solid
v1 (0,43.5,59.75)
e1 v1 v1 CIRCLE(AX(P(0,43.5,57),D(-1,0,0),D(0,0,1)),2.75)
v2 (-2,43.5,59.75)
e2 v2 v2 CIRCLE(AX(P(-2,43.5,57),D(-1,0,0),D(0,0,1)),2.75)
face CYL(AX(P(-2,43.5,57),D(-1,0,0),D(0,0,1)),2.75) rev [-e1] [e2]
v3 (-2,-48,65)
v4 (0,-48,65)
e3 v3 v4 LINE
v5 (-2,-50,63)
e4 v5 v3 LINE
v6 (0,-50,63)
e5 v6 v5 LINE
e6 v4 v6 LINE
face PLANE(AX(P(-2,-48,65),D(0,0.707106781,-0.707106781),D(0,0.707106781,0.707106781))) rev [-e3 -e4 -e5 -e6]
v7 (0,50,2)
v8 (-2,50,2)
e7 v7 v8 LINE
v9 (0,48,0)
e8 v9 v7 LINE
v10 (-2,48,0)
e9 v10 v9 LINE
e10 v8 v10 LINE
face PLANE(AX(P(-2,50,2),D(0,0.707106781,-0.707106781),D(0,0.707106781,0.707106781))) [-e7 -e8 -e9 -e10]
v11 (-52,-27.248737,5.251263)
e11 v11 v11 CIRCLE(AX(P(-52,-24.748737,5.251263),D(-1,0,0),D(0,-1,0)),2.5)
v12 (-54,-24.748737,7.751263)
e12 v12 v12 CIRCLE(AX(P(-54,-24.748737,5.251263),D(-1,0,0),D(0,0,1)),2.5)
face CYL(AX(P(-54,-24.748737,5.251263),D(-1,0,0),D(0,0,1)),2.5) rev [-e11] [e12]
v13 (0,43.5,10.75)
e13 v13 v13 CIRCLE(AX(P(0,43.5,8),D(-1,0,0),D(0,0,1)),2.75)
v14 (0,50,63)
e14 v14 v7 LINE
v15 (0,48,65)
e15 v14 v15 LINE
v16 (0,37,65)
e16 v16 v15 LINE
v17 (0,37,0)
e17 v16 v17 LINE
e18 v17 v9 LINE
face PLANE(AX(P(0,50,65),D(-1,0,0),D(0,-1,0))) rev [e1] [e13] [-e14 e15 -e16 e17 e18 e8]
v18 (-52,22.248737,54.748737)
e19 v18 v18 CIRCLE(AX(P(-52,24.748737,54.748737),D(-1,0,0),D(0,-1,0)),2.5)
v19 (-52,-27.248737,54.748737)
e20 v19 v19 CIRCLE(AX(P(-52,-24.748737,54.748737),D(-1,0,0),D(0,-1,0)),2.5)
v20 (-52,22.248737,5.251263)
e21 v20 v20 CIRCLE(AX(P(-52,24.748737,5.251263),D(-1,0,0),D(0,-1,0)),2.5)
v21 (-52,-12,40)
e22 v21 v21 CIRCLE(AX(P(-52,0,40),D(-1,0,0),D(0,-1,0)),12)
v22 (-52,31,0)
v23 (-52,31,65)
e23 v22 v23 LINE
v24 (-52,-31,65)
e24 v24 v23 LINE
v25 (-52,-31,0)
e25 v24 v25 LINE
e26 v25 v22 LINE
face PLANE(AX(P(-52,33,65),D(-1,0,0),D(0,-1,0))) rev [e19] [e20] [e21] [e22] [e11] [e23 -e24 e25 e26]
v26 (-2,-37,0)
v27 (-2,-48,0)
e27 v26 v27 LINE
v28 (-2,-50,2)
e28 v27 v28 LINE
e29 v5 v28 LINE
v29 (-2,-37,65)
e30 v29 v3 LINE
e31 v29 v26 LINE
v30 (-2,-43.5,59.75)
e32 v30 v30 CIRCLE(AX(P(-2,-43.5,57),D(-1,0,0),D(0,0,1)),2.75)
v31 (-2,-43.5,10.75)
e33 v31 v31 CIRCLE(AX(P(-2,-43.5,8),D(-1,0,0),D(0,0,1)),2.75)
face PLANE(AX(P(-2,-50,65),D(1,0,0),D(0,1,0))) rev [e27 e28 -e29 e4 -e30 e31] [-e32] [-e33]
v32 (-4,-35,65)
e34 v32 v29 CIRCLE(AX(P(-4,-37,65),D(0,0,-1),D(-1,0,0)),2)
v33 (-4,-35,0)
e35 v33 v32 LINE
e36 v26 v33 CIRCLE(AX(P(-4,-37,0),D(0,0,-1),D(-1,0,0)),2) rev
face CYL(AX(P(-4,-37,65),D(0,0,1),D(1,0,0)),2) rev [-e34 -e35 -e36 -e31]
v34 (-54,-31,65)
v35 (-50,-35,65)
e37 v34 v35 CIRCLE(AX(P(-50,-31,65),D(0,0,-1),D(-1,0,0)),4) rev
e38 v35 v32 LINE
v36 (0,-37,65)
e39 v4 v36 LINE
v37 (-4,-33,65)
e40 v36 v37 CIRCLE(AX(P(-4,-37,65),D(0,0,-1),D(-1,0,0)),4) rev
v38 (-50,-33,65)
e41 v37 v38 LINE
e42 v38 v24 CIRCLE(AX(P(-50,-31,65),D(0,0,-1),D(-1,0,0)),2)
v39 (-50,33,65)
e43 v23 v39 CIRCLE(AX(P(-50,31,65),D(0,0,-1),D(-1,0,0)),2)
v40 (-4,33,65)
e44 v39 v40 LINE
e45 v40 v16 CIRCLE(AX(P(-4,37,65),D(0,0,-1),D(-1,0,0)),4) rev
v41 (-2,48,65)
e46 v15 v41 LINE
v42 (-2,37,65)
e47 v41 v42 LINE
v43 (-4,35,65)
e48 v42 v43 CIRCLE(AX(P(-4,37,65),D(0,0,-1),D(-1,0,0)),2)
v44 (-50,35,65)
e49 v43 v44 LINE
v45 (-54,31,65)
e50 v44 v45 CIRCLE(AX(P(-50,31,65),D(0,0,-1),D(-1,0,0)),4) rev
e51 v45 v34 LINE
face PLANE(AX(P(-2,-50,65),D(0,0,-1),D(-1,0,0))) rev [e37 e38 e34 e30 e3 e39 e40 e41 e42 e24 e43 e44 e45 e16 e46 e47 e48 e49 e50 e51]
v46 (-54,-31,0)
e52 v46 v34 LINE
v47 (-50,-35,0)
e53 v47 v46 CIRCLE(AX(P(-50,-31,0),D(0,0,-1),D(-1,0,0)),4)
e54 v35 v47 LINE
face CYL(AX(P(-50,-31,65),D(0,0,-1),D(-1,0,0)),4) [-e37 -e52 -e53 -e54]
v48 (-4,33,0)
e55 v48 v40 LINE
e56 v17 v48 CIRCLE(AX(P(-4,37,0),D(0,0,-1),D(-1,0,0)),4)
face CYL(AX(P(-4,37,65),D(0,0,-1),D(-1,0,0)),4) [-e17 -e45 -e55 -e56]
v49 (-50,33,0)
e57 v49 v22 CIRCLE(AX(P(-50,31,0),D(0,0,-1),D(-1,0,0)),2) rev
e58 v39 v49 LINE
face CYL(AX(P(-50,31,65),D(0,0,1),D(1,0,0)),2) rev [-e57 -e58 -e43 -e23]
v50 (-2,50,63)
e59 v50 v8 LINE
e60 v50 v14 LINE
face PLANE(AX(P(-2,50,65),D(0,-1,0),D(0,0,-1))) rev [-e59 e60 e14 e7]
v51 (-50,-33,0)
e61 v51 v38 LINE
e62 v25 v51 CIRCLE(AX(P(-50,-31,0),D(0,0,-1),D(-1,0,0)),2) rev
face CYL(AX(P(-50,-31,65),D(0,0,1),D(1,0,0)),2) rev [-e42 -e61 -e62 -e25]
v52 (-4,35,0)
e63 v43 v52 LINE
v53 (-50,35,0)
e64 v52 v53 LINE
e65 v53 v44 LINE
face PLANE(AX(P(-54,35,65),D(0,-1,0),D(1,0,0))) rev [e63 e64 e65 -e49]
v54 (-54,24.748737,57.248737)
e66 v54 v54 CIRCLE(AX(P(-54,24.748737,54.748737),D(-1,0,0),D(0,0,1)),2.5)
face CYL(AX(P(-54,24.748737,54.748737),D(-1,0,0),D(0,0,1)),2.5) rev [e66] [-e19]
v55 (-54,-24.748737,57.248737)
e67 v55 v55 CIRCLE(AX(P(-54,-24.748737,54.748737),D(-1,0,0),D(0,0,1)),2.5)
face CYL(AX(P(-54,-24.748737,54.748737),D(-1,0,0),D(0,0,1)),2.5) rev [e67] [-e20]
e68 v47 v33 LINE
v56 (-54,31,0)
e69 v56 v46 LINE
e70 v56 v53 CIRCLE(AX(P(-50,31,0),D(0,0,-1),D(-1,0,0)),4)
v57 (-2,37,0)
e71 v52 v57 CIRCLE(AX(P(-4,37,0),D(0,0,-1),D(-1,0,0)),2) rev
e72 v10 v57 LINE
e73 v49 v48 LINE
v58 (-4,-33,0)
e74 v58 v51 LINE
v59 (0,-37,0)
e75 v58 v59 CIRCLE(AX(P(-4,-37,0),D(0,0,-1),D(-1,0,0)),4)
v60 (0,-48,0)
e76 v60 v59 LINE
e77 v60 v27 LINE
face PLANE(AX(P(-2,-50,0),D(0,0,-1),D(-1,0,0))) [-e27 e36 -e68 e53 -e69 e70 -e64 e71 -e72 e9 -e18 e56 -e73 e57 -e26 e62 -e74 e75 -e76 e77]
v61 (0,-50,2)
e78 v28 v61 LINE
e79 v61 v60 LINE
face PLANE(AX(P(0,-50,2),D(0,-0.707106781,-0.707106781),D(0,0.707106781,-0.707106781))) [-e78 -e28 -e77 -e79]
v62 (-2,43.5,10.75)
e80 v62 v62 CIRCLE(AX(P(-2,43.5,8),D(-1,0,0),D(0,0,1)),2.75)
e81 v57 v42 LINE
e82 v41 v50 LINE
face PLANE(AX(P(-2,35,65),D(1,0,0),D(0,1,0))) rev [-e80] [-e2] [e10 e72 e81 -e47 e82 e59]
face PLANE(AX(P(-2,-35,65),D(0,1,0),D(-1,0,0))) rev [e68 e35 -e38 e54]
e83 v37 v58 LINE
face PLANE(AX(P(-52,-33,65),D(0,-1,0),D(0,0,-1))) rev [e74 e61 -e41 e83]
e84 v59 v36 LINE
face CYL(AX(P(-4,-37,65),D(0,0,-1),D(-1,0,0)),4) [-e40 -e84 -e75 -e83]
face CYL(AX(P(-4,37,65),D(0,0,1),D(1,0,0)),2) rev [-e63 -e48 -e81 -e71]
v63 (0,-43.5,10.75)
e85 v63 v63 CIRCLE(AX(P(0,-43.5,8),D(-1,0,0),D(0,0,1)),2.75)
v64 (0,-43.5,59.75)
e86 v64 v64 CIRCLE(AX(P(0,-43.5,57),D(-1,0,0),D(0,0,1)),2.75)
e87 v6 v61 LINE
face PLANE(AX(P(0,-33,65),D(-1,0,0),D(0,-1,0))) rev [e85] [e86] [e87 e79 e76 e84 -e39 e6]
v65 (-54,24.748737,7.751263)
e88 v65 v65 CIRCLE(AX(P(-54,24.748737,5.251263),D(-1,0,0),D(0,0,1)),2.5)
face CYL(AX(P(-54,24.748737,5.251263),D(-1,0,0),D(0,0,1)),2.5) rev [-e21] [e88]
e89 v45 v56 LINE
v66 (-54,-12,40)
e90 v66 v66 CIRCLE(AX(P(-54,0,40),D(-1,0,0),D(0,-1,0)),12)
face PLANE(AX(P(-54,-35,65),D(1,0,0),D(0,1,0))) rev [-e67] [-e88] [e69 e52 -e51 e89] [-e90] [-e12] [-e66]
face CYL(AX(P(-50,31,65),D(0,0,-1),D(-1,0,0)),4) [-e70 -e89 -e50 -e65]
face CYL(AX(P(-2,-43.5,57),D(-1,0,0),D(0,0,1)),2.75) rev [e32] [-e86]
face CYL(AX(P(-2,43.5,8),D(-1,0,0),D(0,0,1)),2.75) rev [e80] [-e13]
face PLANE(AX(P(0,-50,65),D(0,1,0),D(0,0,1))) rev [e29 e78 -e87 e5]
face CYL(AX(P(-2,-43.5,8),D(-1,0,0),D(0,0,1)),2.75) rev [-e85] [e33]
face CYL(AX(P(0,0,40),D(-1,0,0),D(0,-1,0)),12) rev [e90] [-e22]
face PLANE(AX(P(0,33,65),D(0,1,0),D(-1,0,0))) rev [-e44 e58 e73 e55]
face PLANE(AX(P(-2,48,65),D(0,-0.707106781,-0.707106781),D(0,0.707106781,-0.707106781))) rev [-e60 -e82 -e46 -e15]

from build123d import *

# Parameters (mm, degrees)
BOSS_EXTRUDE1_DEPTH        = 65
SKETCH2_R                  = 12
CUT_EXTRUDE1_DEPTH         = 99.188594042
F_5_5_5_5_DIAMETER_HOLE1_D = 5.5
F_5_0_5_DIAMETER_HOLE1_D   = 5
CHAMFER1_SIZE              = 2
FILLET1_R                  = 4
FILLET2_R                  = 2


with BuildPart() as part:
    # Sketch1 → Boss-Extrude1 (new body)
    with BuildSketch(Plane.XY):
        Polygon((0, -33), (0, -50), (-2, -50), (-2, -35), (-54, -35), (-54, 35), (-2, 35), (-2, 50), (0, 50), (0, 33), (-52, 33), (-52, -33), align=None)
    extrude(amount=BOSS_EXTRUDE1_DEPTH)

    # Sketch2 → Cut-Extrude1 (cut, through all)
    with BuildSketch(Plane.ZY.offset(54)):
        with Locations(Location((40, 0, 0), (0, 0, 270))):
            Circle(SKETCH2_R)
    extrude(amount=-CUT_EXTRUDE1_DEPTH, mode=Mode.SUBTRACT)

    # Ø5.5 (5.5) Diameter Hole1 (through all)
    with Locations(Plane.ZY.offset(2)):
        with Locations((57, -43.5), (8, -43.5), (57, 43.5), (8, 43.5)):
            Hole(F_5_5_5_5_DIAMETER_HOLE1_D / 2)

    # Ø5.0 (5) Diameter Hole1 (through all)
    with Locations(Plane.ZY.offset(54)):
        with Locations((54.748737342, 24.748737342), (54.748737342, -24.748737342), (5.251262658, -24.748737342), (5.251262658, 24.748737342)):
            Hole(F_5_0_5_DIAMETER_HOLE1_D / 2)

    # Chamfer1
    chamfer1_edges = [part.edges().sort_by_distance(p)[0] for p in [
        (-1, 50, 0),
        (-1, -50, 0),
        (-1, 50, 65),
        (-1, -50, 65),
    ]]
    chamfer(chamfer1_edges, length=CHAMFER1_SIZE)

    # Fillet1
    fillet1_edges = [part.edges().sort_by_distance(p)[0] for p in [
        (-54, -35, 32.5),
        (-54, 35, 32.5),
        (0, 33, 32.5),
        (0, -33, 32.5),
    ]]
    fillet(fillet1_edges, radius=FILLET1_R)

    # Fillet2
    fillet2_edges = [part.edges().sort_by_distance(p)[0] for p in [
        (-2, -35, 32.5),
        (-2, 35, 32.5),
        (-52, 33, 32.5),
        (-52, -33, 32.5),
    ]]
    fillet(fillet2_edges, radius=FILLET2_R)


solid = part.part
